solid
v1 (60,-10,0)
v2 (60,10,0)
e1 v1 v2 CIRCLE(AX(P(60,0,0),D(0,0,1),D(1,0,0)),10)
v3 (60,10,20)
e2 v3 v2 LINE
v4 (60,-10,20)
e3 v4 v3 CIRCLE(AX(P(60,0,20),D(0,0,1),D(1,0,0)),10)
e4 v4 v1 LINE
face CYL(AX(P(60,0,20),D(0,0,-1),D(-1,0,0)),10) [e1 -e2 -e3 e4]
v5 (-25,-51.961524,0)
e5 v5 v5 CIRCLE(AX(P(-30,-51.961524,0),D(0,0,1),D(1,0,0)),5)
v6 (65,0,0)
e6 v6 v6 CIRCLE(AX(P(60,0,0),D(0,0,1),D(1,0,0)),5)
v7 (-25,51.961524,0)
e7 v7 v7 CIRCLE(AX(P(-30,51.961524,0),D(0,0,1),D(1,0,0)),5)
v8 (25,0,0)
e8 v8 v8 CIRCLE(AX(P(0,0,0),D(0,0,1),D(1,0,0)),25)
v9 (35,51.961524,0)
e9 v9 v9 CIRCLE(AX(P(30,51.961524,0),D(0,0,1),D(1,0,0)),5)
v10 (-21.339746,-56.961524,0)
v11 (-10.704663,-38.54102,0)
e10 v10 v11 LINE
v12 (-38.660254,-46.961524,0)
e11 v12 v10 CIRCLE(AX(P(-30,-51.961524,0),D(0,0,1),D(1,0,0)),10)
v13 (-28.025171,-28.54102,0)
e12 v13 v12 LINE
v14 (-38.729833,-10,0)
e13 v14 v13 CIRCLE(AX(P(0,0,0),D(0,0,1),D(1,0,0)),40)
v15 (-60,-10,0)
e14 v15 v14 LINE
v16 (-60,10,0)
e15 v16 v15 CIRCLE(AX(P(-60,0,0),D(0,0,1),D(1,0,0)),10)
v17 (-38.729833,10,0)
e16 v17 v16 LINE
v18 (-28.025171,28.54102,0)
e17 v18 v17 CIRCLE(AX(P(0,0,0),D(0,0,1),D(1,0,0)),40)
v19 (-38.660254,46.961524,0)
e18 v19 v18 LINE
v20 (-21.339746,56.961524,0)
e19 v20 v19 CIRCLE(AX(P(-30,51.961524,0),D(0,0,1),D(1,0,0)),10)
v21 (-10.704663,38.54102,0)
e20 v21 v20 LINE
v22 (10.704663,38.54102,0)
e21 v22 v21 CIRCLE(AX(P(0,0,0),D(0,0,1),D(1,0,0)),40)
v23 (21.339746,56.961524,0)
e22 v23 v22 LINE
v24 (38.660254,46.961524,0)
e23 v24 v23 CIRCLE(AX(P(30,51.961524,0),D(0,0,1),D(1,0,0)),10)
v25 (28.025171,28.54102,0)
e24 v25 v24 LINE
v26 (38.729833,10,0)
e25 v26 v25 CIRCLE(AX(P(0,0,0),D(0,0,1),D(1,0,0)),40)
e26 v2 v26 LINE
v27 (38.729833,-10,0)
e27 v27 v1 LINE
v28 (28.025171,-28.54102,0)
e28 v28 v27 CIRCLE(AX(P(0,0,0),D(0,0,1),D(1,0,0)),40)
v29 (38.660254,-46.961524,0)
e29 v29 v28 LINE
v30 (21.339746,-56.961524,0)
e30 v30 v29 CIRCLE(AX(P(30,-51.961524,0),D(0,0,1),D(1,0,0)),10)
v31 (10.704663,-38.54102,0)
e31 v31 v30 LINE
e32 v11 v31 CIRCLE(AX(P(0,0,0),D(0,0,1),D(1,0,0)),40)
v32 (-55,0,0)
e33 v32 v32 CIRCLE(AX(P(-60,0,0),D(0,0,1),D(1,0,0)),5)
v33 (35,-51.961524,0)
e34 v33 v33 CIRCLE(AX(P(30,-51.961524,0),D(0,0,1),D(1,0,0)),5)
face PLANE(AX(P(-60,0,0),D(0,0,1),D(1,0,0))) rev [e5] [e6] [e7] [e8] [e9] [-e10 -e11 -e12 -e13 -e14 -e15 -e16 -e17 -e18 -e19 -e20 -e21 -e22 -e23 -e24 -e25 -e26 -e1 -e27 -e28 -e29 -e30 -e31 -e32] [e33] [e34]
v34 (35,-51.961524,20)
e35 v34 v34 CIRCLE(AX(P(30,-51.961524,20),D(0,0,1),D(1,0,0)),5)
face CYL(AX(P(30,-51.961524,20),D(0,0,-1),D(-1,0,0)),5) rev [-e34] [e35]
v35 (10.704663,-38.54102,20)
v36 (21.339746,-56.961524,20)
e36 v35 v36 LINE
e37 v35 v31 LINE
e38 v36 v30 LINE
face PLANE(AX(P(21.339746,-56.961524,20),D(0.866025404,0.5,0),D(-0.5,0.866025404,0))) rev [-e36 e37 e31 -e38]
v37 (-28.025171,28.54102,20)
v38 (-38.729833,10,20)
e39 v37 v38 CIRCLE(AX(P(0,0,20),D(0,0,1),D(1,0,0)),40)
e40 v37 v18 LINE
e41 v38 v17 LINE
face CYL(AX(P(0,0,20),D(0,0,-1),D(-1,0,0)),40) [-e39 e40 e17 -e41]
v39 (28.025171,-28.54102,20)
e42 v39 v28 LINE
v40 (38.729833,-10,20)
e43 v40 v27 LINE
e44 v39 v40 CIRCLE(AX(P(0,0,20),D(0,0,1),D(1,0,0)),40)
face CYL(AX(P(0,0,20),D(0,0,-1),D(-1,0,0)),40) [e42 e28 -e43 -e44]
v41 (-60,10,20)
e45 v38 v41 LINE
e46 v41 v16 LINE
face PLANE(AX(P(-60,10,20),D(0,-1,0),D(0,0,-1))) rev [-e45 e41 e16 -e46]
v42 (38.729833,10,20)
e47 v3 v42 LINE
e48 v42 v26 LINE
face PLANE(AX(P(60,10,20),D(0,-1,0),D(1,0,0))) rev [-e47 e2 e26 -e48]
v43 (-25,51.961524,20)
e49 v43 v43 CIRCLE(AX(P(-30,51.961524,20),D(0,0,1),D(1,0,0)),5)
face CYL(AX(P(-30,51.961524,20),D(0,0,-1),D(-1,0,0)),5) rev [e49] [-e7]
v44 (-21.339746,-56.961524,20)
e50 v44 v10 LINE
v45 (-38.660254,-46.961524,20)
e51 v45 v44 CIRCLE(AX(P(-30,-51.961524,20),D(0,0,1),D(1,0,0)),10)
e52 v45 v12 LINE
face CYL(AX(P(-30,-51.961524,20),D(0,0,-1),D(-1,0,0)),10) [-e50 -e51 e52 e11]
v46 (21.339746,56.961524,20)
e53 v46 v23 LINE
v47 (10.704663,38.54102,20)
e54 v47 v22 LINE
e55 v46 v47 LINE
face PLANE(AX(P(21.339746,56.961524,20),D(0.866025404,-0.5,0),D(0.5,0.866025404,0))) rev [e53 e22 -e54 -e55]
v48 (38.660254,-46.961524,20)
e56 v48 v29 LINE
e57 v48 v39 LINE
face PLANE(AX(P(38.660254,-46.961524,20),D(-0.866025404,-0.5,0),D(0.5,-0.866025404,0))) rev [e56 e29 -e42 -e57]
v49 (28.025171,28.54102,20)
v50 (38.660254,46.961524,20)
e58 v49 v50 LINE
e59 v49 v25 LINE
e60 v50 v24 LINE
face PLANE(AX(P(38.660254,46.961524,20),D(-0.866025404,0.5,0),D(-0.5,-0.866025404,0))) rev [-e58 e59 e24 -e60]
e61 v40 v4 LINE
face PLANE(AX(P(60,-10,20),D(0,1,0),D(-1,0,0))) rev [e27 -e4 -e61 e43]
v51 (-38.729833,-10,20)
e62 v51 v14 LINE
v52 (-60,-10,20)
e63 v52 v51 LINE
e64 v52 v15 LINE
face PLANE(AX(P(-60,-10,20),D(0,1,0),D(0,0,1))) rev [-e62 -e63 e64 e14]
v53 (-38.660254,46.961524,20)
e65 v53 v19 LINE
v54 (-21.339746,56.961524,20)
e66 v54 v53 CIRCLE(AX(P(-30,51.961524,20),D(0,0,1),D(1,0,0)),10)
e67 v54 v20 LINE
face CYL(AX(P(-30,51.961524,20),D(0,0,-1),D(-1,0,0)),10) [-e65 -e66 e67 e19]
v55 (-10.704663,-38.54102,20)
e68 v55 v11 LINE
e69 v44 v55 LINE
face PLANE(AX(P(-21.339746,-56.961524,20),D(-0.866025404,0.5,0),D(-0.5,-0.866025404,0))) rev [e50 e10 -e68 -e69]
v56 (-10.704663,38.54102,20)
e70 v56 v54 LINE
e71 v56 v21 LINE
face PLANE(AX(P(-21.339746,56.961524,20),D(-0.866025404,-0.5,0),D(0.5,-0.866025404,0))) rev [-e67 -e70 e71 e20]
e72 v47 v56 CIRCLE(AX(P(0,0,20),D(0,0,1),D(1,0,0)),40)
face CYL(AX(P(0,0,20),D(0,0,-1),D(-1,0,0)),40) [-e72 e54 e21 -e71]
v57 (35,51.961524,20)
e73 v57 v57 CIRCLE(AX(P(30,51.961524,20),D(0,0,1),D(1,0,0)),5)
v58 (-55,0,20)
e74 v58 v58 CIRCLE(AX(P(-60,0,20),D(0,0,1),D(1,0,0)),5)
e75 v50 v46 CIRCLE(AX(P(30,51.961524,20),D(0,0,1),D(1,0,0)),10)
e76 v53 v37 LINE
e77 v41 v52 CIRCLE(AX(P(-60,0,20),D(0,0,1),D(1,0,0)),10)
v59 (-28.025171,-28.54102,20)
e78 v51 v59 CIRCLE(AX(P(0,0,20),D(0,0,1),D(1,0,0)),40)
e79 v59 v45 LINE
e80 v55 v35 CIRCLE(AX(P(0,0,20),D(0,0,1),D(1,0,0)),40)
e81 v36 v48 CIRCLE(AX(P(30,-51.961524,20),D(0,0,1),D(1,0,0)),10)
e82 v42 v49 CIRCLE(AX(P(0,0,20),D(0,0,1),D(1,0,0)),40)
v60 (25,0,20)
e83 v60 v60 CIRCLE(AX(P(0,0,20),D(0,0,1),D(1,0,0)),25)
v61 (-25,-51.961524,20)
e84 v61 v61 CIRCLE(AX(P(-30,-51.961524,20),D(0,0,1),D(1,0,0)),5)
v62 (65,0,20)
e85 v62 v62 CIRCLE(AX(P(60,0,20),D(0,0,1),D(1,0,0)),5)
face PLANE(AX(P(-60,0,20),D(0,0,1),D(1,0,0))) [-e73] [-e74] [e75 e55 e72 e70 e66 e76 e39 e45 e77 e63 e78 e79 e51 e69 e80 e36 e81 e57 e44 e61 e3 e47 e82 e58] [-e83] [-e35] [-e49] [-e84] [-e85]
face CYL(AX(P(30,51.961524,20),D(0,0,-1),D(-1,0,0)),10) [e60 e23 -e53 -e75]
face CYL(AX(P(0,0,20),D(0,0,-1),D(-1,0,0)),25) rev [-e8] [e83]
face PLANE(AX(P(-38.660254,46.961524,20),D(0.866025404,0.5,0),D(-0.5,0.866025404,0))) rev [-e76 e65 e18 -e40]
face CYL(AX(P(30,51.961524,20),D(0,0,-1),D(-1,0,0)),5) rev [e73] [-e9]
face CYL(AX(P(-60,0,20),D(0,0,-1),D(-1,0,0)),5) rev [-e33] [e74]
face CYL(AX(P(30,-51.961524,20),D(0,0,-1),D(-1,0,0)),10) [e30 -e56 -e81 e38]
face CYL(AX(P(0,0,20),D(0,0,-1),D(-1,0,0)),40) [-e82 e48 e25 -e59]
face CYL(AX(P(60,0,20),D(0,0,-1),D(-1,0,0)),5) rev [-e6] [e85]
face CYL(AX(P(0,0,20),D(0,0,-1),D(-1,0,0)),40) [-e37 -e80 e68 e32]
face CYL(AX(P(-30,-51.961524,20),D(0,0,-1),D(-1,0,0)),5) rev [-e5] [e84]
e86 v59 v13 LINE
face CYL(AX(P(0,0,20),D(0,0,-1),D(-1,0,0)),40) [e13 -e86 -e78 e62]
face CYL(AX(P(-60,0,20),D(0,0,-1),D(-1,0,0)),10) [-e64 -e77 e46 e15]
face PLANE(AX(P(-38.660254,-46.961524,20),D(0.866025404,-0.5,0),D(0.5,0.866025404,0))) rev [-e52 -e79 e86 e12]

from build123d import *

# Parameters (mm, degrees)
SKETCH1_R           = 25
SKETCH1_R_2         = 5
BOSS_EXTRUDE1_DEPTH = 20


with BuildPart() as part:
    # Sketch1 → Boss-Extrude1 (new body)
    with BuildSketch(Plane.XY):
        with BuildLine():
            Line((-60, 10), (-38.729833462, 10))
            ThreePointArc((-38.729833462, 10), (-34.641016151, 20), (-28.025170769, 28.541019662))
            Line((-28.025170769, 28.541019662), (-38.660254038, 46.961524227))
            ThreePointArc((-38.660254038, 46.961524227), (-35, 60.621778265), (-21.339745962, 56.961524227))
            Line((-21.339745962, 56.961524227), (-10.704662693, 38.541019662))
            ThreePointArc((-10.704662693, 38.541019662), (0, 40), (10.704662693, 38.541019662))
            Line((10.704662693, 38.541019662), (21.339745962, 56.961524227))
            ThreePointArc((21.339745962, 56.961524227), (35, 60.621778265), (38.660254038, 46.961524227))
            Line((38.660254038, 46.961524227), (28.025170769, 28.541019662))
            ThreePointArc((28.025170769, 28.541019662), (34.641016151, 20), (38.729833462, 10))
            Line((38.729833462, 10), (60, 10))
            ThreePointArc((60, 10), (70, 0), (60, -10))
            Line((60, -10), (38.729833462, -10))
            ThreePointArc((38.729833462, -10), (34.641016151, -20), (28.025170769, -28.541019662))
            Line((28.025170769, -28.541019662), (38.660254038, -46.961524227))
            ThreePointArc((38.660254038, -46.961524227), (35, -60.621778265), (21.339745962, -56.961524227))
            Line((21.339745962, -56.961524227), (10.704662693, -38.541019662))
            ThreePointArc((10.704662693, -38.541019662), (0, -40), (-10.704662693, -38.541019662))
            Line((-10.704662693, -38.541019662), (-21.339745962, -56.961524227))
            ThreePointArc((-21.339745962, -56.961524227), (-35, -60.621778265), (-38.660254038, -46.961524227))
            Line((-38.660254038, -46.961524227), (-28.025170769, -28.541019662))
            ThreePointArc((-28.025170769, -28.541019662), (-34.641016151, -20), (-38.729833462, -10))
            Line((-38.729833462, -10), (-60, -10))
            ThreePointArc((-60, -10), (-70, 0), (-60, 10))
        make_face()
        Circle(SKETCH1_R, mode=Mode.SUBTRACT)
        with Locations((-60, 0)):
            Circle(SKETCH1_R_2, mode=Mode.SUBTRACT)
        with Locations((-30, 51.961524227)):
            Circle(SKETCH1_R_2, mode=Mode.SUBTRACT)
        with Locations((30, 51.961524227)):
            Circle(SKETCH1_R_2, mode=Mode.SUBTRACT)
        with Locations((60, 0)):
            Circle(SKETCH1_R_2, mode=Mode.SUBTRACT)
        with Locations((30, -51.961524227)):
            Circle(SKETCH1_R_2, mode=Mode.SUBTRACT)
        with Locations((-30, -51.961524227)):
            Circle(SKETCH1_R_2, mode=Mode.SUBTRACT)
    extrude(amount=BOSS_EXTRUDE1_DEPTH)


solid = part.part
